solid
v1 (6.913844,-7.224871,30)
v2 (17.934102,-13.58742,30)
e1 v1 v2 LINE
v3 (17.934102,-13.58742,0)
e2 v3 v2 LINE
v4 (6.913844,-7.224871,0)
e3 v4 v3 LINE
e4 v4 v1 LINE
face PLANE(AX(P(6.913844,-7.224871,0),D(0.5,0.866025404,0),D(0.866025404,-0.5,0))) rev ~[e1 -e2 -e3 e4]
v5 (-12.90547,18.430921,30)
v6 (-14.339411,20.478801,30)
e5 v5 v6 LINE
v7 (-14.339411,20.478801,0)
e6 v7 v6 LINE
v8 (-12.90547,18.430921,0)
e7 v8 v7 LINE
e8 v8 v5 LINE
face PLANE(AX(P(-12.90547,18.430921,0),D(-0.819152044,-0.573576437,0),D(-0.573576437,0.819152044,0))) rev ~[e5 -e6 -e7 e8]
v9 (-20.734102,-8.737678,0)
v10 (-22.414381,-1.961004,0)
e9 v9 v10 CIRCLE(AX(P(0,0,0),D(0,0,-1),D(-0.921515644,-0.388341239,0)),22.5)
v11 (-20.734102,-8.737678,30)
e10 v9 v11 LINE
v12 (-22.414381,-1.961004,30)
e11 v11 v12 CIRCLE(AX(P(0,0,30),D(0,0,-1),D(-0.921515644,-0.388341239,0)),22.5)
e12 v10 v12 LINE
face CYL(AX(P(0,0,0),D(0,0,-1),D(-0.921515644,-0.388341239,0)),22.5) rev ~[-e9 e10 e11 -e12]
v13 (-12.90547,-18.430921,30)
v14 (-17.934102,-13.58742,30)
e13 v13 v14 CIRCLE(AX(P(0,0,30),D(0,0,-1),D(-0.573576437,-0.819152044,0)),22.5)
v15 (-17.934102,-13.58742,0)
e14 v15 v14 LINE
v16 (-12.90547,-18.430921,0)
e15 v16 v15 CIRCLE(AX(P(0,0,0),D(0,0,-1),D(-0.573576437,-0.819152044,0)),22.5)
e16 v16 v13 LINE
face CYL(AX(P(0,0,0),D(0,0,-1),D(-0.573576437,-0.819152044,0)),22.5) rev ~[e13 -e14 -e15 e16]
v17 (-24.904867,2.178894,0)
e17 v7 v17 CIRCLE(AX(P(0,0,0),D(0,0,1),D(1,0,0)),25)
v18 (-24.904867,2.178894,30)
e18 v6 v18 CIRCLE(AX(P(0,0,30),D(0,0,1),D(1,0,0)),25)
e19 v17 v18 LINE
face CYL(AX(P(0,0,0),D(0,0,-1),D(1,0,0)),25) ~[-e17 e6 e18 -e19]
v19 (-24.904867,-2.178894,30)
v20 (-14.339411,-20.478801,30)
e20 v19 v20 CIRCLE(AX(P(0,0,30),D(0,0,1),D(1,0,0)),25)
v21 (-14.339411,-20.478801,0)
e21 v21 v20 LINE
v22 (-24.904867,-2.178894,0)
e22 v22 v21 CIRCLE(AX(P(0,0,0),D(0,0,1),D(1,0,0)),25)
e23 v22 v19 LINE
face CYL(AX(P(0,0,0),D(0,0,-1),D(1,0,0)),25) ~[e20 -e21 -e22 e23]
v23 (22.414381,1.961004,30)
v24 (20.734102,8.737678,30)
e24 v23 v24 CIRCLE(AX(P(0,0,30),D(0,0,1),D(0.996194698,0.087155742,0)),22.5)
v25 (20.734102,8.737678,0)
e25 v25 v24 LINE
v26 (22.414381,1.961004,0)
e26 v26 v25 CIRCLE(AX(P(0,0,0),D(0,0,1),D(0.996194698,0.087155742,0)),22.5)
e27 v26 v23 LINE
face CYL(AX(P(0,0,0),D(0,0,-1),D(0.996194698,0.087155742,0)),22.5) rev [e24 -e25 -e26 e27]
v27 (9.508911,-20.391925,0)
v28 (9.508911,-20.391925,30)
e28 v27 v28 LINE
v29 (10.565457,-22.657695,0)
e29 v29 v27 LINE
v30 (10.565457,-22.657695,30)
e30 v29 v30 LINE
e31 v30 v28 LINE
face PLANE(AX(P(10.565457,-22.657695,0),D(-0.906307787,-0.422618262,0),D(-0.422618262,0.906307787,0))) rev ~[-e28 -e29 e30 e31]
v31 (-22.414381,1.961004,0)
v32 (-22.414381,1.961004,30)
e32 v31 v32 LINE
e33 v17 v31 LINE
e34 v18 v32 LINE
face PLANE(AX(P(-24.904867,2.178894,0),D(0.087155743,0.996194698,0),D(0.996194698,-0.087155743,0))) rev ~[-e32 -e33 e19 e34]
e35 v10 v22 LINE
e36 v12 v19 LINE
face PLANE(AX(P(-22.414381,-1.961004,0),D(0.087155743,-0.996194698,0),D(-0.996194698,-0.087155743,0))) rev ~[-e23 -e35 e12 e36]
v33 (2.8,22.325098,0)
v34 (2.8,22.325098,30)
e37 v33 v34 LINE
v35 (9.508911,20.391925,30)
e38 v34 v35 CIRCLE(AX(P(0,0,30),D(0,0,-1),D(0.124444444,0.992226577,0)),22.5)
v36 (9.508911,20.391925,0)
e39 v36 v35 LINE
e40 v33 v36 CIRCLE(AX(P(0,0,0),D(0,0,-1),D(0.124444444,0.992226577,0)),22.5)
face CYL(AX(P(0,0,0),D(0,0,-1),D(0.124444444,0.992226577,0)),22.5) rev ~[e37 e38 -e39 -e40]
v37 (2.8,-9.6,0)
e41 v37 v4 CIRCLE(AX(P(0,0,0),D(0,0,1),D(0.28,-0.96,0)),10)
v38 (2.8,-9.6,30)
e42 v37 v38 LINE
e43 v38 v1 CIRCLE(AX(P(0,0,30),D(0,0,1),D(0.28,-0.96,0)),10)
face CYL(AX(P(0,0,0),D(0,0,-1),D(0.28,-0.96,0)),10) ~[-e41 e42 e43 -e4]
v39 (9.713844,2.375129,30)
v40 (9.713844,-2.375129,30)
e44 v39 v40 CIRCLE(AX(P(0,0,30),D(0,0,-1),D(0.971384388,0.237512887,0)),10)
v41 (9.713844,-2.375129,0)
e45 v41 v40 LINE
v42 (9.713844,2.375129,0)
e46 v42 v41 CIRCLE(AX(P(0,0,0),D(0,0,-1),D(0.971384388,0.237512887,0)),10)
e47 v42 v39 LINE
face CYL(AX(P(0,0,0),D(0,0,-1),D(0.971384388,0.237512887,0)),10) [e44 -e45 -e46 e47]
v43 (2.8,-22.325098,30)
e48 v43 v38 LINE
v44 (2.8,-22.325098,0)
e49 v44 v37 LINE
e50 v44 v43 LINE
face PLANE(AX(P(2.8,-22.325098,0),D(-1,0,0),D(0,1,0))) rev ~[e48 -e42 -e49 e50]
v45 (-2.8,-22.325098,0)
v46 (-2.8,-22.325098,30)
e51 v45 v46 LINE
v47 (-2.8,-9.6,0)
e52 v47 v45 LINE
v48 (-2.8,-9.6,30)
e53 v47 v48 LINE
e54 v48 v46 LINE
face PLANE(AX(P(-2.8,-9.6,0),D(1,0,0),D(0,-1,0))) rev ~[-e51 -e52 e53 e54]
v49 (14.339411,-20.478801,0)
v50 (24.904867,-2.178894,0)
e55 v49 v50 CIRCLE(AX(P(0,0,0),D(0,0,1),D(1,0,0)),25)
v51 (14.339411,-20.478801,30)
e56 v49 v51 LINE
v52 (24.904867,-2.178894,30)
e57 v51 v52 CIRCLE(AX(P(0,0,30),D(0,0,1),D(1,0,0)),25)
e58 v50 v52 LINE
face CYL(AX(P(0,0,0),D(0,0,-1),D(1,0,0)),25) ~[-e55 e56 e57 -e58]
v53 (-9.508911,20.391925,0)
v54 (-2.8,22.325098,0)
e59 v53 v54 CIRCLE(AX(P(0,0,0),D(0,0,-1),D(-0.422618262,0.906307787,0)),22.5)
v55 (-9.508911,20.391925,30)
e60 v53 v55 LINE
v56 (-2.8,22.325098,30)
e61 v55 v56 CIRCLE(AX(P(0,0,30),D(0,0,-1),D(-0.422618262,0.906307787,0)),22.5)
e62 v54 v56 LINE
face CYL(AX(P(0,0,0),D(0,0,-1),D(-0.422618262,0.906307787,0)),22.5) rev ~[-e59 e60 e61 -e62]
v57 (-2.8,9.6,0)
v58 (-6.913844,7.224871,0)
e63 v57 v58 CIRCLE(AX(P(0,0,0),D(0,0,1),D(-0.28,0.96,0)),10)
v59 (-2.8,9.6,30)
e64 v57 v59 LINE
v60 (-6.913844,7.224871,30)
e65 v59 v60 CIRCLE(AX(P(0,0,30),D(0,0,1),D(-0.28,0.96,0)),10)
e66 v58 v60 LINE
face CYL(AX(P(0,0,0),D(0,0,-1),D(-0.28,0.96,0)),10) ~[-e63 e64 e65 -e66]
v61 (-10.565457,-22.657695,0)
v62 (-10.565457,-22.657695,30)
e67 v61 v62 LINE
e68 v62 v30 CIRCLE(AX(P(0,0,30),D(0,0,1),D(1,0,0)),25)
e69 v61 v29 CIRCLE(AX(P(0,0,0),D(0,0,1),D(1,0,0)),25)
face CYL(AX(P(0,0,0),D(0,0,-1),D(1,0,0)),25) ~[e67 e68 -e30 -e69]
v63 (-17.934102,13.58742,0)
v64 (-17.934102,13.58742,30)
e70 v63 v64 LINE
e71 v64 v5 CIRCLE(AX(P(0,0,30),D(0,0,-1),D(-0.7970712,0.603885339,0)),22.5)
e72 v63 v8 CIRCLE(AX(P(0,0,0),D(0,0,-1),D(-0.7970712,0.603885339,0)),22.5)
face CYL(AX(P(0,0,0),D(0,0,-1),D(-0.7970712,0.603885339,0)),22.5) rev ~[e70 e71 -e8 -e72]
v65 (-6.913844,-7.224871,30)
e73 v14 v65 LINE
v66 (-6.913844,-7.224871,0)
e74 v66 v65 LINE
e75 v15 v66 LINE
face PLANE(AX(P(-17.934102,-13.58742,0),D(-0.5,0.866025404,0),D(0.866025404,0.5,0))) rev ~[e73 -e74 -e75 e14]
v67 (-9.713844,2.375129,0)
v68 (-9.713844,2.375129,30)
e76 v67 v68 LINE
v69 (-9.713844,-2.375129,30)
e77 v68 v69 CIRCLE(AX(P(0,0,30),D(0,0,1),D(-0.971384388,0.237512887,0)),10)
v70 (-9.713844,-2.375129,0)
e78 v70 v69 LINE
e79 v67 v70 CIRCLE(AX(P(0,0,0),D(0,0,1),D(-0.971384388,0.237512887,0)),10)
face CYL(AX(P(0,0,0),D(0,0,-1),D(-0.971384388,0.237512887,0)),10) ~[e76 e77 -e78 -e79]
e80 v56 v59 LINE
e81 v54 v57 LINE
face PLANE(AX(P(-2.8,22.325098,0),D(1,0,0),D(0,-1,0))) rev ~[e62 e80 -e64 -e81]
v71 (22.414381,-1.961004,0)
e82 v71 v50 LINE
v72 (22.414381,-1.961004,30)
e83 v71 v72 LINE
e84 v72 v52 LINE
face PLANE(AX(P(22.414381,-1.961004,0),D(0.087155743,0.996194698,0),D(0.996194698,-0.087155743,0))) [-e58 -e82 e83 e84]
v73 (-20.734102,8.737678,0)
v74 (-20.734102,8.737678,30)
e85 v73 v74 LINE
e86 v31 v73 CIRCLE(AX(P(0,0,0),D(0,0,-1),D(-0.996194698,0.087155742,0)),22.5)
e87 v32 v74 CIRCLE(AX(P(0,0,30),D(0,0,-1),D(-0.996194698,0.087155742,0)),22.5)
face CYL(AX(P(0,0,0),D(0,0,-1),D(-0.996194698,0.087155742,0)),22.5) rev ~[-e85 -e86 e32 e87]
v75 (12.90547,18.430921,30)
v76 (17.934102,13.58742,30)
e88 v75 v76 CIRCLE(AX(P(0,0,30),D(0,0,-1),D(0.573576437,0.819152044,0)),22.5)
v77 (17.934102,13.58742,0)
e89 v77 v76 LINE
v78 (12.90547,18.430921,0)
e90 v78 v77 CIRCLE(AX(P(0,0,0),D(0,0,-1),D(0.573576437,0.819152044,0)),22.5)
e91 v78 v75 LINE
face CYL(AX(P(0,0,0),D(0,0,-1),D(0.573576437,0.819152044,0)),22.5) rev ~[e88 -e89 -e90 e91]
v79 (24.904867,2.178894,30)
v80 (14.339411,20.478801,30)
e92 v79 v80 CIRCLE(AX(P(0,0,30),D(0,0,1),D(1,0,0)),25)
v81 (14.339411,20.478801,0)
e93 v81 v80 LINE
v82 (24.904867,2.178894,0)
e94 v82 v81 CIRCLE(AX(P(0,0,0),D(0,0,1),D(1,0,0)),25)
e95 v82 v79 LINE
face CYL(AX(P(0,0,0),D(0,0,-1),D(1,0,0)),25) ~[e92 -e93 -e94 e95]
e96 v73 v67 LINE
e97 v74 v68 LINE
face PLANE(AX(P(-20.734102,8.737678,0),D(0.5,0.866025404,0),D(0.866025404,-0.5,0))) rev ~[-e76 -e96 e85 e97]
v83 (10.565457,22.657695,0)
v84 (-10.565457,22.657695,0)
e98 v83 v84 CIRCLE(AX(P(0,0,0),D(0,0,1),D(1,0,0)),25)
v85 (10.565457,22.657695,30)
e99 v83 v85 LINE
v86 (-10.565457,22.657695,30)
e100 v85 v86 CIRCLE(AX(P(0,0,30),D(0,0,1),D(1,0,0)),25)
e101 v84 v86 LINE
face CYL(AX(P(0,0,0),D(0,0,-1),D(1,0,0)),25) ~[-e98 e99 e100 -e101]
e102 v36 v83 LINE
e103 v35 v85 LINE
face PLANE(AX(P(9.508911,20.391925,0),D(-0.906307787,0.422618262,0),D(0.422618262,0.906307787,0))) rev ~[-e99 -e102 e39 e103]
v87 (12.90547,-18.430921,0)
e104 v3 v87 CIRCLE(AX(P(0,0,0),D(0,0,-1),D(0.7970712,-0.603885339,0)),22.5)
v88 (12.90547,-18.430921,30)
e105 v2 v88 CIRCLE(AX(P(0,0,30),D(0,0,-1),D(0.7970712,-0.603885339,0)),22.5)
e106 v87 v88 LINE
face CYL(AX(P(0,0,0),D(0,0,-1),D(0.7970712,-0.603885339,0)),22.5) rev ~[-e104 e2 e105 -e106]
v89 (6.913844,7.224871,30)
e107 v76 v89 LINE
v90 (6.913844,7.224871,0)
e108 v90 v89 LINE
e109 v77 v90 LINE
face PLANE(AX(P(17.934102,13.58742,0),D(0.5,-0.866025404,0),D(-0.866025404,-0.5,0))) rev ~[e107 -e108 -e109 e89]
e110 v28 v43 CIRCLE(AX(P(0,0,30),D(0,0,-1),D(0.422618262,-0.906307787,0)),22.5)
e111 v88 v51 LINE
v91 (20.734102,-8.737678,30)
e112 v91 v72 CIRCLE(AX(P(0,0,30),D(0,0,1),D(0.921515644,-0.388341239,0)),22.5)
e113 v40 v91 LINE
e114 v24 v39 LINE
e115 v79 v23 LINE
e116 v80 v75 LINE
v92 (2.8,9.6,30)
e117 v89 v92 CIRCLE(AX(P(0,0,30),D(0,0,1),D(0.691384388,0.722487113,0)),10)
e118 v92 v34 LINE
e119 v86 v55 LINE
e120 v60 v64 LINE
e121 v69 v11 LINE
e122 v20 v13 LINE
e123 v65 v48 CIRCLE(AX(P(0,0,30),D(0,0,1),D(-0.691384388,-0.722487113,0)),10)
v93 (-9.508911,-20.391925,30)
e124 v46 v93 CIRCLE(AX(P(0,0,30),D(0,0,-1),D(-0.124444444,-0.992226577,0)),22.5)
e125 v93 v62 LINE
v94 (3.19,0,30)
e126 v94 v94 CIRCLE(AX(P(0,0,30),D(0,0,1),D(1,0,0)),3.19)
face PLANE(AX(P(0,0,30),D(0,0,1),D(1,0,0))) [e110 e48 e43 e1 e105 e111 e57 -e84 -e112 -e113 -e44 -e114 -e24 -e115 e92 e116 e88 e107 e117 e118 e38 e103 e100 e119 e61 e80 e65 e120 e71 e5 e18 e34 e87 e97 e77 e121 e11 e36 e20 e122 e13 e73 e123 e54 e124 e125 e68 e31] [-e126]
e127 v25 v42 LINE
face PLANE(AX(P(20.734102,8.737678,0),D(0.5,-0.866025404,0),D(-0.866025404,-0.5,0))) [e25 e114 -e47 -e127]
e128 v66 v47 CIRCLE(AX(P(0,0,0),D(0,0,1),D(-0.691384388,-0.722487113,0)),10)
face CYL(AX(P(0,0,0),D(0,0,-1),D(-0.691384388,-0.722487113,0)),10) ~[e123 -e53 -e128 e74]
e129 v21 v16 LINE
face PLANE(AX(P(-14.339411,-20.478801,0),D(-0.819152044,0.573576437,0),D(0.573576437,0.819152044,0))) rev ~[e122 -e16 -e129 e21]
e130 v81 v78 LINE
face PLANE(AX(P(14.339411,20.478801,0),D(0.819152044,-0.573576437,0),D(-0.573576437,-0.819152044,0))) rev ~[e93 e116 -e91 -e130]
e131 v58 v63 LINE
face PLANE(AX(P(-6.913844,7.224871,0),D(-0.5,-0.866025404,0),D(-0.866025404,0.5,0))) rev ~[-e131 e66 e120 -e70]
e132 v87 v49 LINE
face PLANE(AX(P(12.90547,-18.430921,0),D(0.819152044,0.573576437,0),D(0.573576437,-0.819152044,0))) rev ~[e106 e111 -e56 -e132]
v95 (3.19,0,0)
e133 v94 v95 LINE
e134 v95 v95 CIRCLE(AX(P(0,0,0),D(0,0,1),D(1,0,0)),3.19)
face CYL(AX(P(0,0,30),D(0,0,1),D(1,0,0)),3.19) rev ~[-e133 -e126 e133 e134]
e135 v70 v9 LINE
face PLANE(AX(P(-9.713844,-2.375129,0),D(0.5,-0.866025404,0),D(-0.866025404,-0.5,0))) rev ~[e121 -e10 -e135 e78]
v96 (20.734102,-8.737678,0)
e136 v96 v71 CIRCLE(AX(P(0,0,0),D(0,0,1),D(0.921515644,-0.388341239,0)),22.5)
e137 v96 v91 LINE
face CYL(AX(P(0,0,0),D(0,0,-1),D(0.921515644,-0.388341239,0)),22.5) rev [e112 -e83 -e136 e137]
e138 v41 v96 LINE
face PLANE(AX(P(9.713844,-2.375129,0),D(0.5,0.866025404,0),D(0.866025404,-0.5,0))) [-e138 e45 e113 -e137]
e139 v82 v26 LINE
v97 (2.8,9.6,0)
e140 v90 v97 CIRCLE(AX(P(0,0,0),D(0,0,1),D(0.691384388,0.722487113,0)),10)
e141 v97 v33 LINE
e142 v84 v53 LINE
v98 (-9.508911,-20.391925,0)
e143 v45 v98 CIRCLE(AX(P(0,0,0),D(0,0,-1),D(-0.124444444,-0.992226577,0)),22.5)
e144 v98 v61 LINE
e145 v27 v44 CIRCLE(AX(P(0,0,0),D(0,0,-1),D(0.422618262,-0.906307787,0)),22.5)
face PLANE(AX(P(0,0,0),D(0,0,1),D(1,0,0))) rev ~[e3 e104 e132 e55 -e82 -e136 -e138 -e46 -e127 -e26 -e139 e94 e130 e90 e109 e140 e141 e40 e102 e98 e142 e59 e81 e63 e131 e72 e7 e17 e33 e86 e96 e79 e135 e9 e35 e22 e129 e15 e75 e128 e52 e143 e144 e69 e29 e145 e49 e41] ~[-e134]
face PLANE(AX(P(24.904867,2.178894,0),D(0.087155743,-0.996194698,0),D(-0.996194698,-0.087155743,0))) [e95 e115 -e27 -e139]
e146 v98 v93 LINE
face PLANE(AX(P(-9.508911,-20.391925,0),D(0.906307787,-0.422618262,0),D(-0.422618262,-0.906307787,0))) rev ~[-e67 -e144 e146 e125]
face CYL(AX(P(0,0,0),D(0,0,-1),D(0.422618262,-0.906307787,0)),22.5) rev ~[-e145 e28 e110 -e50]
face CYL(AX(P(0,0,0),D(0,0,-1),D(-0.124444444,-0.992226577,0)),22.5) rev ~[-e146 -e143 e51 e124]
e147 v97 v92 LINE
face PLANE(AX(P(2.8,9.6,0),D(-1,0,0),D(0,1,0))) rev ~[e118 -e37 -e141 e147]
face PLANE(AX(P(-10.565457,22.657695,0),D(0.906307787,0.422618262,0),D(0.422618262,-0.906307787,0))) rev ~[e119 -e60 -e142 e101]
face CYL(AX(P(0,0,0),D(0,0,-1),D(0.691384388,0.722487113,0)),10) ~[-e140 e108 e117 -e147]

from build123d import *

# Parameters (mm, degrees)
SKETCH2_R           = 25
BOSS_EXTRUDE2_DEPTH = 30
CUT_EXTRUDE2_START  = -30
CUT_EXTRUDE2_DEPTH  = 30
SKETCH4_R           = 3.19
CUT_EXTRUDE3_DEPTH  = 30


with BuildPart() as part:
    # Sketch2 → Boss-Extrude2 (new body)
    with BuildSketch(Plane.XY):
        Circle(SKETCH2_R)
    extrude(amount=BOSS_EXTRUDE2_DEPTH)

    # Sketch3 → Cut-Extrude2 (cut)
    with BuildSketch(Plane.XY.offset(30).offset(CUT_EXTRUDE2_START)):
        with BuildLine():
            Line((6.913843876, -7.224871131), (17.934101996, -13.587420123))
            ThreePointArc((17.934101996, -13.587420123), (15.608801126, -16.205410436), (12.905469818, -18.430920997))
            Line((12.905469818, -18.430920997), (14.339410909, -20.478801107))
            ThreePointArc((14.339410909, -20.478801107), (12.5, -21.650635095), (10.565456544, -22.657694676))
            Line((10.565456544, -22.657694676), (9.508910889, -20.391925208))
            ThreePointArc((9.508910889, -20.391925208), (6.229896553, -21.620323516), (2.8, -22.325097984))
            Line((2.8, -22.325097984), (2.8, -9.6))
            ThreePointArc((2.8, -9.6), (5, -8.660254038), (6.913843876, -7.224871131))
        make_face()
        with BuildLine():
            Line((9.713843876, -2.375128869), (20.734101996, -8.737677861))
            ThreePointArc((20.734101996, -8.737677861), (21.83869768, -5.41491308), (22.414380707, -1.961004212))
            Line((22.414380707, -1.961004212), (24.904867452, -2.178893569))
            ThreePointArc((24.904867452, -2.178893569), (25, 0), (24.904867452, 2.178893569))
            Line((24.904867452, 2.178893569), (22.414380707, 1.961004212))
            ThreePointArc((22.414380707, 1.961004212), (21.83869768, 5.41491308), (20.734101996, 8.737677861))
            Line((20.734101996, 8.737677861), (9.713843876, 2.375128869))
            ThreePointArc((9.713843876, 2.375128869), (10, 0), (9.713843876, -2.375128869))
        make_face()
        with BuildLine():
            Line((-2.8, -9.6), (-2.8, -22.325097984))
            ThreePointArc((-2.8, -22.325097984), (-6.229896553, -21.620323516), (-9.508910889, -20.391925208))
            Line((-9.508910889, -20.391925208), (-10.565456544, -22.657694676))
            ThreePointArc((-10.565456544, -22.657694676), (-12.5, -21.650635095), (-14.339410909, -20.478801107))
            Line((-14.339410909, -20.478801107), (-12.905469818, -18.430920997))
            ThreePointArc((-12.905469818, -18.430920997), (-15.608801126, -16.205410436), (-17.934101996, -13.587420123))
            Line((-17.934101996, -13.587420123), (-6.913843876, -7.224871131))
            ThreePointArc((-6.913843876, -7.224871131), (-5, -8.660254038), (-2.8, -9.6))
        make_face()
        with BuildLine():
            Line((-9.713843876, -2.375128869), (-20.734101996, -8.737677861))
            ThreePointArc((-20.734101996, -8.737677861), (-21.83869768, -5.41491308), (-22.414380707, -1.961004212))
            Line((-22.414380707, -1.961004212), (-24.904867452, -2.178893569))
            ThreePointArc((-24.904867452, -2.178893569), (-25, 0), (-24.904867452, 2.178893569))
            Line((-24.904867452, 2.178893569), (-22.414380707, 1.961004212))
            ThreePointArc((-22.414380707, 1.961004212), (-21.83869768, 5.41491308), (-20.734101996, 8.737677861))
            Line((-20.734101996, 8.737677861), (-9.713843876, 2.375128869))
            ThreePointArc((-9.713843876, 2.375128869), (-10, 0), (-9.713843876, -2.375128869))
        make_face()
        with BuildLine():
            Line((-6.913843876, 7.224871131), (-17.934101996, 13.587420123))
            ThreePointArc((-17.934101996, 13.587420123), (-15.608801126, 16.205410436), (-12.905469818, 18.430920997))
            Line((-12.905469818, 18.430920997), (-14.339410909, 20.478801107))
            ThreePointArc((-14.339410909, 20.478801107), (-12.5, 21.650635095), (-10.565456544, 22.657694676))
            Line((-10.565456544, 22.657694676), (-9.508910889, 20.391925208))
            ThreePointArc((-9.508910889, 20.391925208), (-6.229896553, 21.620323516), (-2.8, 22.325097984))
            Line((-2.8, 22.325097984), (-2.8, 9.6))
            ThreePointArc((-2.8, 9.6), (-5, 8.660254038), (-6.913843876, 7.224871131))
        make_face()
        with BuildLine():
            Line((2.8, 9.6), (2.8, 22.325097984))
            ThreePointArc((2.8, 22.325097984), (6.229896553, 21.620323516), (9.508910889, 20.391925208))
            Line((9.508910889, 20.391925208), (10.565456544, 22.657694676))
            ThreePointArc((10.565456544, 22.657694676), (12.5, 21.650635095), (14.339410909, 20.478801107))
            Line((14.339410909, 20.478801107), (12.905469818, 18.430920997))
            ThreePointArc((12.905469818, 18.430920997), (15.608801126, 16.205410436), (17.934101996, 13.587420123))
            Line((17.934101996, 13.587420123), (6.913843876, 7.224871131))
            ThreePointArc((6.913843876, 7.224871131), (5, 8.660254038), (2.8, 9.6))
        make_face()
    extrude(amount=CUT_EXTRUDE2_DEPTH, mode=Mode.SUBTRACT)

    # Sketch4 → Cut-Extrude3 (cut)
    with BuildSketch(Plane.XY.offset(30)):
        Circle(SKETCH4_R)
    extrude(amount=-CUT_EXTRUDE3_DEPTH, mode=Mode.SUBTRACT)


solid = part.part
